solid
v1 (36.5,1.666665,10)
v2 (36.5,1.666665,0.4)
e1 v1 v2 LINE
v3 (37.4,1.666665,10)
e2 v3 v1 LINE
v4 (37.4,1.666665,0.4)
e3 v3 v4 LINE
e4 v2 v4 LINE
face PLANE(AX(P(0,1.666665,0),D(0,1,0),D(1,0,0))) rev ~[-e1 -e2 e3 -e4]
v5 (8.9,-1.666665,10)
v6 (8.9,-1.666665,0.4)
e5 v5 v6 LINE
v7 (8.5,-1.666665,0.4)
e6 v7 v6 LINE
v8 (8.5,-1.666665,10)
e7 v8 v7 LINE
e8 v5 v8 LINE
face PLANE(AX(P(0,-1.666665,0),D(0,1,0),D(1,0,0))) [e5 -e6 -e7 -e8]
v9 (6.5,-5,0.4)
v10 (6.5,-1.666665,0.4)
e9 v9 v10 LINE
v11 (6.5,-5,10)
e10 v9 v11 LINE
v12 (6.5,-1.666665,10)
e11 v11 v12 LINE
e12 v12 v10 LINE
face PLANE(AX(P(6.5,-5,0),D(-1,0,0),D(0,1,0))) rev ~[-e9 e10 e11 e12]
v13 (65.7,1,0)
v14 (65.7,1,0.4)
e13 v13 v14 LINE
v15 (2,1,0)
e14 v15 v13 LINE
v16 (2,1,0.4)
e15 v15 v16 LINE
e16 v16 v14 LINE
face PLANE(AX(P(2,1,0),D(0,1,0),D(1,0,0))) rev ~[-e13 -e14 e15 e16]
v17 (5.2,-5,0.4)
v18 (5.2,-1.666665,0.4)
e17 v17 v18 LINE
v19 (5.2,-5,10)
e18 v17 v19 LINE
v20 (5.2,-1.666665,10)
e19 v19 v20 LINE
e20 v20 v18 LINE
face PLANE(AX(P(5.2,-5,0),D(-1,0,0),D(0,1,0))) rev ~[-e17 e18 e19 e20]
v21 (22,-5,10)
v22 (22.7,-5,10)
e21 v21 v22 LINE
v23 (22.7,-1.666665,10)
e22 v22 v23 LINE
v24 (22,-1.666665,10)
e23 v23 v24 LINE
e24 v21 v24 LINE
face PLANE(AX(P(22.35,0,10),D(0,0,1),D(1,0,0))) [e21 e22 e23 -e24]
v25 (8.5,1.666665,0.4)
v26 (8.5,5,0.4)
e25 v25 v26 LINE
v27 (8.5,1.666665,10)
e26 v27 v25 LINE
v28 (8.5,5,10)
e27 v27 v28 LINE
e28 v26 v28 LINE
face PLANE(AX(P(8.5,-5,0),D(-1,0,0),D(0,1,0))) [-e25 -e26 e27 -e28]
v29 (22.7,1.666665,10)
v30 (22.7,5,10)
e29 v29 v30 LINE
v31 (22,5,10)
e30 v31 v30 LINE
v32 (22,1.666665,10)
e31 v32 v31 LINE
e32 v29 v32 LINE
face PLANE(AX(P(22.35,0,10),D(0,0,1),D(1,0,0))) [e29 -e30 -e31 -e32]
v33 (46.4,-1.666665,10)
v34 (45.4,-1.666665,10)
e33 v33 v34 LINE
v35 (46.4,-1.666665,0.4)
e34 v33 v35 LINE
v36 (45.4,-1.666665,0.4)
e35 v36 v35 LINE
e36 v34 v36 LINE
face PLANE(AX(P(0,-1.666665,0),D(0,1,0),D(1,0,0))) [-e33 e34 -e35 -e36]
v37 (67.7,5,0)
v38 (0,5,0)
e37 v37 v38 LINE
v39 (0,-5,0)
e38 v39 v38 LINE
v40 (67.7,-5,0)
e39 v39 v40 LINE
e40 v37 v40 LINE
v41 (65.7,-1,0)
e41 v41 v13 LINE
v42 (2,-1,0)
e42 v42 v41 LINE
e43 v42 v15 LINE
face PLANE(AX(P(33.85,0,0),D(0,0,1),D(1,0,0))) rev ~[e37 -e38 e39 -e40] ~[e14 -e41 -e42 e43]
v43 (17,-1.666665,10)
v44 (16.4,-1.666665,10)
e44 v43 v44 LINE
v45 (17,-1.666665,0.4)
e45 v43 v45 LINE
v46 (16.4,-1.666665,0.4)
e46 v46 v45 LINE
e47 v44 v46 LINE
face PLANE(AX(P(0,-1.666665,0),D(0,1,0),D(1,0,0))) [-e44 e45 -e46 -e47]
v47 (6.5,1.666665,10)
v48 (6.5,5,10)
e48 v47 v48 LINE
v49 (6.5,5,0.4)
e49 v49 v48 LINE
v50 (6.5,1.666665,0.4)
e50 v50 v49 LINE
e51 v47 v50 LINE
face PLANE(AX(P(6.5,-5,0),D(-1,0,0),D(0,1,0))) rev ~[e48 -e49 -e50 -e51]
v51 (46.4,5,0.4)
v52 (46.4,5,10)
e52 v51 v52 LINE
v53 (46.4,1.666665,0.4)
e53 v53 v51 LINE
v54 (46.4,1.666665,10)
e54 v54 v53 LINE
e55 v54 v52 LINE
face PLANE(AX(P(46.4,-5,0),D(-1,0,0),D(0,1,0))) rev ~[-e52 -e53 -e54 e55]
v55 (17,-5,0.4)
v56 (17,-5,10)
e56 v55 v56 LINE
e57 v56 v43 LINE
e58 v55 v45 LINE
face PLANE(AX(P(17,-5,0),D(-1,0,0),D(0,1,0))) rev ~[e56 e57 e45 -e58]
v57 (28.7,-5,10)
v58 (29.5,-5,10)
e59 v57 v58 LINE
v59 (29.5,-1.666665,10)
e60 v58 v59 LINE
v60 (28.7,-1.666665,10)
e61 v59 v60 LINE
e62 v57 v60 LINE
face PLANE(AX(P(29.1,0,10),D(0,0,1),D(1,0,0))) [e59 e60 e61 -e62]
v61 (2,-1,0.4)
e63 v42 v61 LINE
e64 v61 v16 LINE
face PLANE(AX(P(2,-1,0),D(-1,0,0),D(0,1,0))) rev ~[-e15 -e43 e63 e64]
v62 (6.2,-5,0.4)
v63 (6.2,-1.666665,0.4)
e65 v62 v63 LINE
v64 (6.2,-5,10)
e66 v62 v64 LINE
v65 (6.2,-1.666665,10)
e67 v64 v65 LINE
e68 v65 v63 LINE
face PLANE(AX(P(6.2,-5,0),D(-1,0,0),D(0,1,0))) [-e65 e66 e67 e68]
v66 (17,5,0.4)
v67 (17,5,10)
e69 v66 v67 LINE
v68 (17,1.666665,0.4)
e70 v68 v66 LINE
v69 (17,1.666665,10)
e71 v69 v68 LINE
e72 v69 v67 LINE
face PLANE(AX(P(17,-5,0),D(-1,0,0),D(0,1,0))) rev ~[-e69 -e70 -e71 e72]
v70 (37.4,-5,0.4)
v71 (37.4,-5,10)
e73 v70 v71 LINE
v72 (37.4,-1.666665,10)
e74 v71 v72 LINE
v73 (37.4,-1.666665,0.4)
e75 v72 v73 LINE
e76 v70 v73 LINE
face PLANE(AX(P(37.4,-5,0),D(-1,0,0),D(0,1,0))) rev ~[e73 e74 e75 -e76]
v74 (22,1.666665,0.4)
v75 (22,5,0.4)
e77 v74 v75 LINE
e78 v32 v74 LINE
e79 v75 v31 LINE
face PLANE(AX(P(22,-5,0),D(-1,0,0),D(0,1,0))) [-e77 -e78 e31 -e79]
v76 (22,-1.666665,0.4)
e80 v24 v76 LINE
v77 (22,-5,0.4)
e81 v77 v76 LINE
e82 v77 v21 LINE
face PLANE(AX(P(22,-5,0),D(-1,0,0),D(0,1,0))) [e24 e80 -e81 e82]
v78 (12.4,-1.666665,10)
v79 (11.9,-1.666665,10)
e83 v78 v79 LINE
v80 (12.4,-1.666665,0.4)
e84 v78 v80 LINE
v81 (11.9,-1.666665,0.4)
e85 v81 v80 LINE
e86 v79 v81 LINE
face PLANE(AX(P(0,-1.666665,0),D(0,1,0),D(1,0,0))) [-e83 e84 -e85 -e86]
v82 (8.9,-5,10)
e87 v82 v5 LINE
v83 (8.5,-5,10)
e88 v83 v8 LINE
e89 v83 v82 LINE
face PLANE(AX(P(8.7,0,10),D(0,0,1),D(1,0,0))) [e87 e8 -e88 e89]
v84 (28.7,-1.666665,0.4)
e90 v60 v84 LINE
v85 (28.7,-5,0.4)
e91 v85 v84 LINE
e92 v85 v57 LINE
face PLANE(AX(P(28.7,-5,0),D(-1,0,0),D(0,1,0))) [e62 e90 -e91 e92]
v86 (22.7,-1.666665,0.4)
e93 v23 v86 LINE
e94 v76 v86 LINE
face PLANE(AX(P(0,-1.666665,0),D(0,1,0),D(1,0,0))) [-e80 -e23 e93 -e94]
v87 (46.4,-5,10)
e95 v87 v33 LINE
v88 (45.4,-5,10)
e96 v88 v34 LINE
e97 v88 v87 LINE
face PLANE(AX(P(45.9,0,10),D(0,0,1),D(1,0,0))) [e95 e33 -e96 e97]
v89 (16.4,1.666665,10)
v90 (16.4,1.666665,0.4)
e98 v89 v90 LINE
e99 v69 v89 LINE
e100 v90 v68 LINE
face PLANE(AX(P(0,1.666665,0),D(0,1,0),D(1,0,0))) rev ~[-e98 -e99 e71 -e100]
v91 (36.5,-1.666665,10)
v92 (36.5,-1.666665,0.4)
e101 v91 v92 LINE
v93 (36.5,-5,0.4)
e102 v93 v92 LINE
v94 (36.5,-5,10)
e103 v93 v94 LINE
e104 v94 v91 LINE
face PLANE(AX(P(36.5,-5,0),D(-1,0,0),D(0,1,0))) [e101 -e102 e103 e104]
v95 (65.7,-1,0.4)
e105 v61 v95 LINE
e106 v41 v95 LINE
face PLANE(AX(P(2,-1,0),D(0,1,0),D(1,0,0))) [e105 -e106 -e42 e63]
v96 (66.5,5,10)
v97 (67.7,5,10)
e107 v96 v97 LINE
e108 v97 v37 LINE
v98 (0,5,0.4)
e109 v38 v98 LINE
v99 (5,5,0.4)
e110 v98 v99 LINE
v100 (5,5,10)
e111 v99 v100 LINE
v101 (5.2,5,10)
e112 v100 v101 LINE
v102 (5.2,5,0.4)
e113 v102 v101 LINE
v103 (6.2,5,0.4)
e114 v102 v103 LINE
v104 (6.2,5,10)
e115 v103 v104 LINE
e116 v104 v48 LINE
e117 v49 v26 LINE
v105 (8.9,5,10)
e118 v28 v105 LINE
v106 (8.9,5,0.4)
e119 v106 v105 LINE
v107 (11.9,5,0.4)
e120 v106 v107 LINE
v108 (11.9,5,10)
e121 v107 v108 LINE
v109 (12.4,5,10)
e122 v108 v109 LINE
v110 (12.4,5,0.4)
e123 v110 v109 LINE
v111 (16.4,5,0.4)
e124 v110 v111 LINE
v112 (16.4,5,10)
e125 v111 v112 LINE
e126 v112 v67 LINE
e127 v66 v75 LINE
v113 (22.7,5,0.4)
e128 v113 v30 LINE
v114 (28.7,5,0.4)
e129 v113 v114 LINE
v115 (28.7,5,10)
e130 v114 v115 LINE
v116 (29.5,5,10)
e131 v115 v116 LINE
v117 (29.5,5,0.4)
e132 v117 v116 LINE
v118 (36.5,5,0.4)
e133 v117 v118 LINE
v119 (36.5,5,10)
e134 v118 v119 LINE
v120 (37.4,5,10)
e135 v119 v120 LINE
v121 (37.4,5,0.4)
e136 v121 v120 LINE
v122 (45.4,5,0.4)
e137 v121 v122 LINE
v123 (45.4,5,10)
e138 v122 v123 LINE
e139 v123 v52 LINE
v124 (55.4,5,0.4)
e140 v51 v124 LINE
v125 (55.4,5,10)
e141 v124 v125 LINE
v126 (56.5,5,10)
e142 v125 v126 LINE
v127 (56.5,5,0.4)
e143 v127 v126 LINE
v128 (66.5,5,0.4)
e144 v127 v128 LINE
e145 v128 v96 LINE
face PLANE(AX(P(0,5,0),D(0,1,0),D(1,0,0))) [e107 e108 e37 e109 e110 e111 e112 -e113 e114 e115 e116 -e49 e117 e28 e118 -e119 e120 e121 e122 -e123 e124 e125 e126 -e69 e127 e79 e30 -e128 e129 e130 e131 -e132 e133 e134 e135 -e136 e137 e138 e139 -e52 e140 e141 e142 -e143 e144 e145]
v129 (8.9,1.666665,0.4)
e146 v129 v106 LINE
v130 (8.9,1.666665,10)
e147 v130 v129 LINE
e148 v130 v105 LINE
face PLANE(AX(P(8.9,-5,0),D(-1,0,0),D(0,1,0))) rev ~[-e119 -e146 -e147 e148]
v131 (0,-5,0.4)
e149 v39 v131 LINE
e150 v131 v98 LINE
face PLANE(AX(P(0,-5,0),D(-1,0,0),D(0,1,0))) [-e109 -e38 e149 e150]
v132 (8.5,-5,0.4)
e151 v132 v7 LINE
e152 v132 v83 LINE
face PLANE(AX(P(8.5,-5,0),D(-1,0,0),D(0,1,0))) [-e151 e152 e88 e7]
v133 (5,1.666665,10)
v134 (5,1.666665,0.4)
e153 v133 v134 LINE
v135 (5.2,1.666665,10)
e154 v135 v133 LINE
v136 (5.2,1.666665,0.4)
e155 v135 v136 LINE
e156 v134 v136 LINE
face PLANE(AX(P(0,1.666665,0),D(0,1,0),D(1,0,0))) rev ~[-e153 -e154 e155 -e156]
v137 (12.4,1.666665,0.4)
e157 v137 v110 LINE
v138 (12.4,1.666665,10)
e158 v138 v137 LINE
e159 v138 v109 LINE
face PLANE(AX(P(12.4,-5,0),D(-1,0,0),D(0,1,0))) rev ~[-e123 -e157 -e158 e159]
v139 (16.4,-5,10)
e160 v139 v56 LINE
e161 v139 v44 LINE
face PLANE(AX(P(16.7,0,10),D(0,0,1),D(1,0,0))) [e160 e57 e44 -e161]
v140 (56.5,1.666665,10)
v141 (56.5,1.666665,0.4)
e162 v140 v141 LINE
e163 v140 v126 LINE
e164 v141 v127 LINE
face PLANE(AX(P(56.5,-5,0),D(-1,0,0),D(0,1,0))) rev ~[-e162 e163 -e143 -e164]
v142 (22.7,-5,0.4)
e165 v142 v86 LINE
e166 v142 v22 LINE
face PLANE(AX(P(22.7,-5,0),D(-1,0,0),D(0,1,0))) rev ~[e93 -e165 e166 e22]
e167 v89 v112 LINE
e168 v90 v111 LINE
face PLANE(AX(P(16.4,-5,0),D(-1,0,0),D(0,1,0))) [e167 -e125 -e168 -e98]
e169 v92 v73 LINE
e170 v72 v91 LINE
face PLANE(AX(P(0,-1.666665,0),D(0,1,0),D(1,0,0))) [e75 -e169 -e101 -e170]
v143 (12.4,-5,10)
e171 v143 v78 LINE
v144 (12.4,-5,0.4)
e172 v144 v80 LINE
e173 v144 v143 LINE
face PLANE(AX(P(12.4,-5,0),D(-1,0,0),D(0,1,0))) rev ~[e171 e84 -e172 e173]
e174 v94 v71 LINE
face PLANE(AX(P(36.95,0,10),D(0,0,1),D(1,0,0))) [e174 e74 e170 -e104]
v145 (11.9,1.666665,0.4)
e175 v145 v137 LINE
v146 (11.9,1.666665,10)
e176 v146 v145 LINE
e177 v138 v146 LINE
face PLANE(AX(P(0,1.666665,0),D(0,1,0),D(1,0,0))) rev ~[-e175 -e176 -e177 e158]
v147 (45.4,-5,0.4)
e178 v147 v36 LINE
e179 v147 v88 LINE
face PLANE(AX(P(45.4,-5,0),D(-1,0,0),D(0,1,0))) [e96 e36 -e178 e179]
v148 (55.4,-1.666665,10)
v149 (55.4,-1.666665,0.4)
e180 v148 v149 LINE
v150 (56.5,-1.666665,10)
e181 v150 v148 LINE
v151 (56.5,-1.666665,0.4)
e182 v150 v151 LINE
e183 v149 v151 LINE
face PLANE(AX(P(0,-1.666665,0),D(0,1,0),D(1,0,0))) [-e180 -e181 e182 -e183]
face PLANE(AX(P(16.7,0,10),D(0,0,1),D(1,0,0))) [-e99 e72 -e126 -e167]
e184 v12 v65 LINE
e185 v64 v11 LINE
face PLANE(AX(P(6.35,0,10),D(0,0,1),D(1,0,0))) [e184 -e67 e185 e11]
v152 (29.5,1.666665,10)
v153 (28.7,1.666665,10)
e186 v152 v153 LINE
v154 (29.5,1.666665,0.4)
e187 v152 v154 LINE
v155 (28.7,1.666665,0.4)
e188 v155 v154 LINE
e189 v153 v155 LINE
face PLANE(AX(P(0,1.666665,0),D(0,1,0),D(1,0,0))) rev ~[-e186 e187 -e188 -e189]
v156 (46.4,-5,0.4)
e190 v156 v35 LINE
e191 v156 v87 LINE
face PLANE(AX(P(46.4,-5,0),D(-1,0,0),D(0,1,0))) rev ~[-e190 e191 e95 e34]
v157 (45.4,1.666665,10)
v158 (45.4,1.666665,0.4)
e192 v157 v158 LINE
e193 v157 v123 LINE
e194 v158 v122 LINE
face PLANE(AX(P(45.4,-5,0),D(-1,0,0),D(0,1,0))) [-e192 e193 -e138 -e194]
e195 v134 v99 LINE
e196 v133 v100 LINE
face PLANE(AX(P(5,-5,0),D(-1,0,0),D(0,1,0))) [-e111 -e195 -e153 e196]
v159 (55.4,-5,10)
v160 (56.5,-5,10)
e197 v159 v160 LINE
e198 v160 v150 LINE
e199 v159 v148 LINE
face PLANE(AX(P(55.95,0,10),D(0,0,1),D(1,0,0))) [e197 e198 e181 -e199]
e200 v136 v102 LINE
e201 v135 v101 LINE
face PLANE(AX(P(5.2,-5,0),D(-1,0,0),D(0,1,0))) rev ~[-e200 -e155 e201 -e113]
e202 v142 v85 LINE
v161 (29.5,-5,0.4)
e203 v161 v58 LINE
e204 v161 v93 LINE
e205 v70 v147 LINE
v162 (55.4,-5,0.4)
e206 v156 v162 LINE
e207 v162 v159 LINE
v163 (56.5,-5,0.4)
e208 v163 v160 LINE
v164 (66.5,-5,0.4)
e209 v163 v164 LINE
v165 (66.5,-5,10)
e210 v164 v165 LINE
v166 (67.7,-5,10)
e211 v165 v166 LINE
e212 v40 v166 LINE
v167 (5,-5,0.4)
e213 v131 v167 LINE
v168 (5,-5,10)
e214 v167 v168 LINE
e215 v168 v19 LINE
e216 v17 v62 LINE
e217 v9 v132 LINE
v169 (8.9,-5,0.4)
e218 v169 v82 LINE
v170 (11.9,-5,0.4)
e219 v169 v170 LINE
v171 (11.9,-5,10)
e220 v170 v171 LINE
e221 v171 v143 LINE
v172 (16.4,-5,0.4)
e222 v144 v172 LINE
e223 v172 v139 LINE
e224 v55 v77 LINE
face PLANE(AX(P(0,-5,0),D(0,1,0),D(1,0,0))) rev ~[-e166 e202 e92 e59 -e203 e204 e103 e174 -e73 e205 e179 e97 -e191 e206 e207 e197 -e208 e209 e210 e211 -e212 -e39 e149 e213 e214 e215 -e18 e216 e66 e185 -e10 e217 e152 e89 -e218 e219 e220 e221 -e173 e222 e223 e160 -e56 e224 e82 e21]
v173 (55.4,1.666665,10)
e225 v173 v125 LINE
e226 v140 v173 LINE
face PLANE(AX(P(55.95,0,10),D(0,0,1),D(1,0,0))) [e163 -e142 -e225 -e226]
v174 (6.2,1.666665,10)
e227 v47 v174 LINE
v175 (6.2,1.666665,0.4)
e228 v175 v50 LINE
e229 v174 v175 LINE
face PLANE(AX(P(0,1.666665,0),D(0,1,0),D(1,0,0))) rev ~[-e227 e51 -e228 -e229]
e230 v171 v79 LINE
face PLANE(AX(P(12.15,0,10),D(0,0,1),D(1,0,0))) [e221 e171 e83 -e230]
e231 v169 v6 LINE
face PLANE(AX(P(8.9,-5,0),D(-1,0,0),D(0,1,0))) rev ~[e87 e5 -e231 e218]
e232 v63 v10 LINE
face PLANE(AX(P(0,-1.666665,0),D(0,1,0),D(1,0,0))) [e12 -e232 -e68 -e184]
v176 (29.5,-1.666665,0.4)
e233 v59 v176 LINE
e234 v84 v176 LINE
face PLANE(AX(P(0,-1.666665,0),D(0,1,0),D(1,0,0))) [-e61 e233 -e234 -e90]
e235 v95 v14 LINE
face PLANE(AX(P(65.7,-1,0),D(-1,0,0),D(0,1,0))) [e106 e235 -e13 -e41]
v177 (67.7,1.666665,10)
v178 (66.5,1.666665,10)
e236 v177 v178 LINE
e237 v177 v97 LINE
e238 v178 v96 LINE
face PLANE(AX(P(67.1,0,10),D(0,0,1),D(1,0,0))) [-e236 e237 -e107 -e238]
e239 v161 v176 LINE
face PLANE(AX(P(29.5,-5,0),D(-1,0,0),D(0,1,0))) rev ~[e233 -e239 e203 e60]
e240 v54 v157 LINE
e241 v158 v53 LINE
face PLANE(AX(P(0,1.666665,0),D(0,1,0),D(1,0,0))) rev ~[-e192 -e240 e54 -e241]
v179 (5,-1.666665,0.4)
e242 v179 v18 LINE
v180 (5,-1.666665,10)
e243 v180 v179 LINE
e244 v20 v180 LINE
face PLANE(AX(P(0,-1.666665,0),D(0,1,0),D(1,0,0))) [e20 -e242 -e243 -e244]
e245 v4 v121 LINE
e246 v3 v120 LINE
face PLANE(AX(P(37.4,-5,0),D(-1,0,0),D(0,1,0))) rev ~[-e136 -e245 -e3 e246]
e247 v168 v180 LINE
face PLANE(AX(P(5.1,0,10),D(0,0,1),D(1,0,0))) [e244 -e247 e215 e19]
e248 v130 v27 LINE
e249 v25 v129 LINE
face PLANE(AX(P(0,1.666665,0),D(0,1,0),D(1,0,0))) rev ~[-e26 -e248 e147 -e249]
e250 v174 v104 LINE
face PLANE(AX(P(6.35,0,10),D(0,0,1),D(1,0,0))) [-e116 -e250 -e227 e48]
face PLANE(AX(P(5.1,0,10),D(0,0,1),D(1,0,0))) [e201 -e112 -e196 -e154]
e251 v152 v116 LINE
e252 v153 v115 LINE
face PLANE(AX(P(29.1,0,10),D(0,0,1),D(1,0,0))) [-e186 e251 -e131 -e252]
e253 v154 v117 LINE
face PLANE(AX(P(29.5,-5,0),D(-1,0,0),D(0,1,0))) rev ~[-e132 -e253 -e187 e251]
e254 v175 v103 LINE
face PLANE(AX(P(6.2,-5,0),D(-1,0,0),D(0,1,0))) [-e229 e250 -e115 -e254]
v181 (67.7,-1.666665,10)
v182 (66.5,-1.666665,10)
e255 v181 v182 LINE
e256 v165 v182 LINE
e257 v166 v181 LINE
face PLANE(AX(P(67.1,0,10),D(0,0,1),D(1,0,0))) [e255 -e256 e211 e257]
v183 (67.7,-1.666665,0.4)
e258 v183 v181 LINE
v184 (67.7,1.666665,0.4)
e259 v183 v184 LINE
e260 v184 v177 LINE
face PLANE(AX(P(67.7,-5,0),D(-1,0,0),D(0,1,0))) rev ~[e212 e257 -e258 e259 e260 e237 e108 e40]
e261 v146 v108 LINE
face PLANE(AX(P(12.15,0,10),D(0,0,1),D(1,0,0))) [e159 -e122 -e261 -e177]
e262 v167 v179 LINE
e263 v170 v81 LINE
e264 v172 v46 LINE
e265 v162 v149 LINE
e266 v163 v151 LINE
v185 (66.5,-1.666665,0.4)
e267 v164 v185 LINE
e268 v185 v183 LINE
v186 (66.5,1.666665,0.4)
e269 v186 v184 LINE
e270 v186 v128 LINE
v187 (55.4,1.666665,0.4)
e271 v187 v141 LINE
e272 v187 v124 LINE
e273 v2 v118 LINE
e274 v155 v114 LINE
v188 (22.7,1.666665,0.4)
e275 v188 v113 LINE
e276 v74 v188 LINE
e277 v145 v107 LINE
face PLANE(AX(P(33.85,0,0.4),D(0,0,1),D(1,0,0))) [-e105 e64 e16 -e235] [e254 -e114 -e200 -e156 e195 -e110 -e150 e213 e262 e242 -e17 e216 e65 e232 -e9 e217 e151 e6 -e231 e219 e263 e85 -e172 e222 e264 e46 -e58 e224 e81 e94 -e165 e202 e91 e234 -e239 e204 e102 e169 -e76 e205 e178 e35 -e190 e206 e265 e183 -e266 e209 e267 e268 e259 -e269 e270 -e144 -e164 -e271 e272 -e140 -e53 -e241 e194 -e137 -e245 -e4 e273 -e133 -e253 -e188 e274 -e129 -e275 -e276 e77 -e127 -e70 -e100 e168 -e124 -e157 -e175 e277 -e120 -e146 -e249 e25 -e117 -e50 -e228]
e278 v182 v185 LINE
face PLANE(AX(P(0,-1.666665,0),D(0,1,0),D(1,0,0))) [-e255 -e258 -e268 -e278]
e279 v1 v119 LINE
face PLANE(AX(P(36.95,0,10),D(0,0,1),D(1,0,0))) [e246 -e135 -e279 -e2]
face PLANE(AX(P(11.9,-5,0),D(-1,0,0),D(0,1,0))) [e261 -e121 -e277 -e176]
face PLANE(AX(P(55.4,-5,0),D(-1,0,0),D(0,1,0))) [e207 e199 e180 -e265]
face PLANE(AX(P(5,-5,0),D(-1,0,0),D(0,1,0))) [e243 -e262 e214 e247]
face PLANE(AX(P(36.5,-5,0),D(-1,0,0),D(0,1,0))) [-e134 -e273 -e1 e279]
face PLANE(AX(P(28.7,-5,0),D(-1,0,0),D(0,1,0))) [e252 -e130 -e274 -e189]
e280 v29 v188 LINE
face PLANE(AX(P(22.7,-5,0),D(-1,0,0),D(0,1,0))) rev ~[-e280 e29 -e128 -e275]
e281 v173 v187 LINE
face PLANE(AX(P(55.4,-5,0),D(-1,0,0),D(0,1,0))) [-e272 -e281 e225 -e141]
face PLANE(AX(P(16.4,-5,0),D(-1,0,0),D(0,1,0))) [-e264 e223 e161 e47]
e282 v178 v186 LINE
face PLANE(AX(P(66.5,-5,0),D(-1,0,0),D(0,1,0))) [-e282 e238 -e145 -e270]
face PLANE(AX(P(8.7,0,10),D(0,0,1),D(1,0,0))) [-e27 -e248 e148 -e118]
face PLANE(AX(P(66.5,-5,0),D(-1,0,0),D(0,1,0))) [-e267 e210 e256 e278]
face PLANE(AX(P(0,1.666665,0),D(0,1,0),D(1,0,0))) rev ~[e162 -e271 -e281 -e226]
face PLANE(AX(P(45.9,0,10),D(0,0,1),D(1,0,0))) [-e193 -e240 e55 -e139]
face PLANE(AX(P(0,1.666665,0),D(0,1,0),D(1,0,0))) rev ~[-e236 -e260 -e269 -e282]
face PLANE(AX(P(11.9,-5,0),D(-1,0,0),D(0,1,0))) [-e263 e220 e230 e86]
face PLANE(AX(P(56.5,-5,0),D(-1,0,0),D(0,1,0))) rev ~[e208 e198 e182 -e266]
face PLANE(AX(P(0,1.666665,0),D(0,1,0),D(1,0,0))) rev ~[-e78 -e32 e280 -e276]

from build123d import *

# Parameters (mm, degrees)
F0_W     = 0.2
F0_H     = 10
F0_W_2   = 0.3
F0_W_3   = 0.4
F0_W_4   = 0.5
F0_W_5   = 0.6
F0_W_6   = 0.7
F0_W_7   = 0.8
F0_W_8   = 0.9
F0_W_9   = 1
F0_W_10  = 1.1
F0_W_11  = 1.2
F1_DEPTH = 10
F2_W     = 67.7
F2_H     = 3.33333
F3_DEPTH = 10.001
F4_W     = 67.7
F4_H     = 10
F4_W_2   = 63.7
F4_H_2   = 2
F5_DEPTH = 0.4


with BuildPart() as f1:
    # F0 (on Top) → F1 (new body)
    with BuildSketch(Plane.XY):
        with Locations((5.1, 0)):
            Rectangle(F0_W, F0_H)
        with Locations((6.35, 0)):
            Rectangle(F0_W_2, F0_H)
        with Locations((8.7, 0)):
            Rectangle(F0_W_3, F0_H)
        with Locations((12.15, 0)):
            Rectangle(F0_W_4, F0_H)
        with Locations((16.7, 0)):
            Rectangle(F0_W_5, F0_H)
        with Locations((22.35, 0)):
            Rectangle(F0_W_6, F0_H)
        with Locations((29.1, 0)):
            Rectangle(F0_W_7, F0_H)
        with Locations((36.95, 0)):
            Rectangle(F0_W_8, F0_H)
        with Locations((45.9, 0)):
            Rectangle(F0_W_9, F0_H)
        with Locations((55.95, 0)):
            Rectangle(F0_W_10, F0_H)
        with Locations((67.1, 0)):
            Rectangle(F0_W_11, F0_H)
    extrude(amount=F1_DEPTH)

    # F2 (on Top) → F3 (cut, through all)
    with BuildSketch(Plane.XY):
        with Locations((33.85, 0)):
            Rectangle(F2_W, F2_H)
    extrude(amount=F3_DEPTH, mode=Mode.SUBTRACT)

    # F4 (on Top) → F5 (join)
    with BuildSketch(Plane.XY):
        with Locations((33.85, 0)):
            Rectangle(F4_W, F4_H)
        with Locations((33.85, 0)):
            Rectangle(F4_W_2, F4_H_2, mode=Mode.SUBTRACT)
    extrude(amount=F5_DEPTH)


solid = f1.part
